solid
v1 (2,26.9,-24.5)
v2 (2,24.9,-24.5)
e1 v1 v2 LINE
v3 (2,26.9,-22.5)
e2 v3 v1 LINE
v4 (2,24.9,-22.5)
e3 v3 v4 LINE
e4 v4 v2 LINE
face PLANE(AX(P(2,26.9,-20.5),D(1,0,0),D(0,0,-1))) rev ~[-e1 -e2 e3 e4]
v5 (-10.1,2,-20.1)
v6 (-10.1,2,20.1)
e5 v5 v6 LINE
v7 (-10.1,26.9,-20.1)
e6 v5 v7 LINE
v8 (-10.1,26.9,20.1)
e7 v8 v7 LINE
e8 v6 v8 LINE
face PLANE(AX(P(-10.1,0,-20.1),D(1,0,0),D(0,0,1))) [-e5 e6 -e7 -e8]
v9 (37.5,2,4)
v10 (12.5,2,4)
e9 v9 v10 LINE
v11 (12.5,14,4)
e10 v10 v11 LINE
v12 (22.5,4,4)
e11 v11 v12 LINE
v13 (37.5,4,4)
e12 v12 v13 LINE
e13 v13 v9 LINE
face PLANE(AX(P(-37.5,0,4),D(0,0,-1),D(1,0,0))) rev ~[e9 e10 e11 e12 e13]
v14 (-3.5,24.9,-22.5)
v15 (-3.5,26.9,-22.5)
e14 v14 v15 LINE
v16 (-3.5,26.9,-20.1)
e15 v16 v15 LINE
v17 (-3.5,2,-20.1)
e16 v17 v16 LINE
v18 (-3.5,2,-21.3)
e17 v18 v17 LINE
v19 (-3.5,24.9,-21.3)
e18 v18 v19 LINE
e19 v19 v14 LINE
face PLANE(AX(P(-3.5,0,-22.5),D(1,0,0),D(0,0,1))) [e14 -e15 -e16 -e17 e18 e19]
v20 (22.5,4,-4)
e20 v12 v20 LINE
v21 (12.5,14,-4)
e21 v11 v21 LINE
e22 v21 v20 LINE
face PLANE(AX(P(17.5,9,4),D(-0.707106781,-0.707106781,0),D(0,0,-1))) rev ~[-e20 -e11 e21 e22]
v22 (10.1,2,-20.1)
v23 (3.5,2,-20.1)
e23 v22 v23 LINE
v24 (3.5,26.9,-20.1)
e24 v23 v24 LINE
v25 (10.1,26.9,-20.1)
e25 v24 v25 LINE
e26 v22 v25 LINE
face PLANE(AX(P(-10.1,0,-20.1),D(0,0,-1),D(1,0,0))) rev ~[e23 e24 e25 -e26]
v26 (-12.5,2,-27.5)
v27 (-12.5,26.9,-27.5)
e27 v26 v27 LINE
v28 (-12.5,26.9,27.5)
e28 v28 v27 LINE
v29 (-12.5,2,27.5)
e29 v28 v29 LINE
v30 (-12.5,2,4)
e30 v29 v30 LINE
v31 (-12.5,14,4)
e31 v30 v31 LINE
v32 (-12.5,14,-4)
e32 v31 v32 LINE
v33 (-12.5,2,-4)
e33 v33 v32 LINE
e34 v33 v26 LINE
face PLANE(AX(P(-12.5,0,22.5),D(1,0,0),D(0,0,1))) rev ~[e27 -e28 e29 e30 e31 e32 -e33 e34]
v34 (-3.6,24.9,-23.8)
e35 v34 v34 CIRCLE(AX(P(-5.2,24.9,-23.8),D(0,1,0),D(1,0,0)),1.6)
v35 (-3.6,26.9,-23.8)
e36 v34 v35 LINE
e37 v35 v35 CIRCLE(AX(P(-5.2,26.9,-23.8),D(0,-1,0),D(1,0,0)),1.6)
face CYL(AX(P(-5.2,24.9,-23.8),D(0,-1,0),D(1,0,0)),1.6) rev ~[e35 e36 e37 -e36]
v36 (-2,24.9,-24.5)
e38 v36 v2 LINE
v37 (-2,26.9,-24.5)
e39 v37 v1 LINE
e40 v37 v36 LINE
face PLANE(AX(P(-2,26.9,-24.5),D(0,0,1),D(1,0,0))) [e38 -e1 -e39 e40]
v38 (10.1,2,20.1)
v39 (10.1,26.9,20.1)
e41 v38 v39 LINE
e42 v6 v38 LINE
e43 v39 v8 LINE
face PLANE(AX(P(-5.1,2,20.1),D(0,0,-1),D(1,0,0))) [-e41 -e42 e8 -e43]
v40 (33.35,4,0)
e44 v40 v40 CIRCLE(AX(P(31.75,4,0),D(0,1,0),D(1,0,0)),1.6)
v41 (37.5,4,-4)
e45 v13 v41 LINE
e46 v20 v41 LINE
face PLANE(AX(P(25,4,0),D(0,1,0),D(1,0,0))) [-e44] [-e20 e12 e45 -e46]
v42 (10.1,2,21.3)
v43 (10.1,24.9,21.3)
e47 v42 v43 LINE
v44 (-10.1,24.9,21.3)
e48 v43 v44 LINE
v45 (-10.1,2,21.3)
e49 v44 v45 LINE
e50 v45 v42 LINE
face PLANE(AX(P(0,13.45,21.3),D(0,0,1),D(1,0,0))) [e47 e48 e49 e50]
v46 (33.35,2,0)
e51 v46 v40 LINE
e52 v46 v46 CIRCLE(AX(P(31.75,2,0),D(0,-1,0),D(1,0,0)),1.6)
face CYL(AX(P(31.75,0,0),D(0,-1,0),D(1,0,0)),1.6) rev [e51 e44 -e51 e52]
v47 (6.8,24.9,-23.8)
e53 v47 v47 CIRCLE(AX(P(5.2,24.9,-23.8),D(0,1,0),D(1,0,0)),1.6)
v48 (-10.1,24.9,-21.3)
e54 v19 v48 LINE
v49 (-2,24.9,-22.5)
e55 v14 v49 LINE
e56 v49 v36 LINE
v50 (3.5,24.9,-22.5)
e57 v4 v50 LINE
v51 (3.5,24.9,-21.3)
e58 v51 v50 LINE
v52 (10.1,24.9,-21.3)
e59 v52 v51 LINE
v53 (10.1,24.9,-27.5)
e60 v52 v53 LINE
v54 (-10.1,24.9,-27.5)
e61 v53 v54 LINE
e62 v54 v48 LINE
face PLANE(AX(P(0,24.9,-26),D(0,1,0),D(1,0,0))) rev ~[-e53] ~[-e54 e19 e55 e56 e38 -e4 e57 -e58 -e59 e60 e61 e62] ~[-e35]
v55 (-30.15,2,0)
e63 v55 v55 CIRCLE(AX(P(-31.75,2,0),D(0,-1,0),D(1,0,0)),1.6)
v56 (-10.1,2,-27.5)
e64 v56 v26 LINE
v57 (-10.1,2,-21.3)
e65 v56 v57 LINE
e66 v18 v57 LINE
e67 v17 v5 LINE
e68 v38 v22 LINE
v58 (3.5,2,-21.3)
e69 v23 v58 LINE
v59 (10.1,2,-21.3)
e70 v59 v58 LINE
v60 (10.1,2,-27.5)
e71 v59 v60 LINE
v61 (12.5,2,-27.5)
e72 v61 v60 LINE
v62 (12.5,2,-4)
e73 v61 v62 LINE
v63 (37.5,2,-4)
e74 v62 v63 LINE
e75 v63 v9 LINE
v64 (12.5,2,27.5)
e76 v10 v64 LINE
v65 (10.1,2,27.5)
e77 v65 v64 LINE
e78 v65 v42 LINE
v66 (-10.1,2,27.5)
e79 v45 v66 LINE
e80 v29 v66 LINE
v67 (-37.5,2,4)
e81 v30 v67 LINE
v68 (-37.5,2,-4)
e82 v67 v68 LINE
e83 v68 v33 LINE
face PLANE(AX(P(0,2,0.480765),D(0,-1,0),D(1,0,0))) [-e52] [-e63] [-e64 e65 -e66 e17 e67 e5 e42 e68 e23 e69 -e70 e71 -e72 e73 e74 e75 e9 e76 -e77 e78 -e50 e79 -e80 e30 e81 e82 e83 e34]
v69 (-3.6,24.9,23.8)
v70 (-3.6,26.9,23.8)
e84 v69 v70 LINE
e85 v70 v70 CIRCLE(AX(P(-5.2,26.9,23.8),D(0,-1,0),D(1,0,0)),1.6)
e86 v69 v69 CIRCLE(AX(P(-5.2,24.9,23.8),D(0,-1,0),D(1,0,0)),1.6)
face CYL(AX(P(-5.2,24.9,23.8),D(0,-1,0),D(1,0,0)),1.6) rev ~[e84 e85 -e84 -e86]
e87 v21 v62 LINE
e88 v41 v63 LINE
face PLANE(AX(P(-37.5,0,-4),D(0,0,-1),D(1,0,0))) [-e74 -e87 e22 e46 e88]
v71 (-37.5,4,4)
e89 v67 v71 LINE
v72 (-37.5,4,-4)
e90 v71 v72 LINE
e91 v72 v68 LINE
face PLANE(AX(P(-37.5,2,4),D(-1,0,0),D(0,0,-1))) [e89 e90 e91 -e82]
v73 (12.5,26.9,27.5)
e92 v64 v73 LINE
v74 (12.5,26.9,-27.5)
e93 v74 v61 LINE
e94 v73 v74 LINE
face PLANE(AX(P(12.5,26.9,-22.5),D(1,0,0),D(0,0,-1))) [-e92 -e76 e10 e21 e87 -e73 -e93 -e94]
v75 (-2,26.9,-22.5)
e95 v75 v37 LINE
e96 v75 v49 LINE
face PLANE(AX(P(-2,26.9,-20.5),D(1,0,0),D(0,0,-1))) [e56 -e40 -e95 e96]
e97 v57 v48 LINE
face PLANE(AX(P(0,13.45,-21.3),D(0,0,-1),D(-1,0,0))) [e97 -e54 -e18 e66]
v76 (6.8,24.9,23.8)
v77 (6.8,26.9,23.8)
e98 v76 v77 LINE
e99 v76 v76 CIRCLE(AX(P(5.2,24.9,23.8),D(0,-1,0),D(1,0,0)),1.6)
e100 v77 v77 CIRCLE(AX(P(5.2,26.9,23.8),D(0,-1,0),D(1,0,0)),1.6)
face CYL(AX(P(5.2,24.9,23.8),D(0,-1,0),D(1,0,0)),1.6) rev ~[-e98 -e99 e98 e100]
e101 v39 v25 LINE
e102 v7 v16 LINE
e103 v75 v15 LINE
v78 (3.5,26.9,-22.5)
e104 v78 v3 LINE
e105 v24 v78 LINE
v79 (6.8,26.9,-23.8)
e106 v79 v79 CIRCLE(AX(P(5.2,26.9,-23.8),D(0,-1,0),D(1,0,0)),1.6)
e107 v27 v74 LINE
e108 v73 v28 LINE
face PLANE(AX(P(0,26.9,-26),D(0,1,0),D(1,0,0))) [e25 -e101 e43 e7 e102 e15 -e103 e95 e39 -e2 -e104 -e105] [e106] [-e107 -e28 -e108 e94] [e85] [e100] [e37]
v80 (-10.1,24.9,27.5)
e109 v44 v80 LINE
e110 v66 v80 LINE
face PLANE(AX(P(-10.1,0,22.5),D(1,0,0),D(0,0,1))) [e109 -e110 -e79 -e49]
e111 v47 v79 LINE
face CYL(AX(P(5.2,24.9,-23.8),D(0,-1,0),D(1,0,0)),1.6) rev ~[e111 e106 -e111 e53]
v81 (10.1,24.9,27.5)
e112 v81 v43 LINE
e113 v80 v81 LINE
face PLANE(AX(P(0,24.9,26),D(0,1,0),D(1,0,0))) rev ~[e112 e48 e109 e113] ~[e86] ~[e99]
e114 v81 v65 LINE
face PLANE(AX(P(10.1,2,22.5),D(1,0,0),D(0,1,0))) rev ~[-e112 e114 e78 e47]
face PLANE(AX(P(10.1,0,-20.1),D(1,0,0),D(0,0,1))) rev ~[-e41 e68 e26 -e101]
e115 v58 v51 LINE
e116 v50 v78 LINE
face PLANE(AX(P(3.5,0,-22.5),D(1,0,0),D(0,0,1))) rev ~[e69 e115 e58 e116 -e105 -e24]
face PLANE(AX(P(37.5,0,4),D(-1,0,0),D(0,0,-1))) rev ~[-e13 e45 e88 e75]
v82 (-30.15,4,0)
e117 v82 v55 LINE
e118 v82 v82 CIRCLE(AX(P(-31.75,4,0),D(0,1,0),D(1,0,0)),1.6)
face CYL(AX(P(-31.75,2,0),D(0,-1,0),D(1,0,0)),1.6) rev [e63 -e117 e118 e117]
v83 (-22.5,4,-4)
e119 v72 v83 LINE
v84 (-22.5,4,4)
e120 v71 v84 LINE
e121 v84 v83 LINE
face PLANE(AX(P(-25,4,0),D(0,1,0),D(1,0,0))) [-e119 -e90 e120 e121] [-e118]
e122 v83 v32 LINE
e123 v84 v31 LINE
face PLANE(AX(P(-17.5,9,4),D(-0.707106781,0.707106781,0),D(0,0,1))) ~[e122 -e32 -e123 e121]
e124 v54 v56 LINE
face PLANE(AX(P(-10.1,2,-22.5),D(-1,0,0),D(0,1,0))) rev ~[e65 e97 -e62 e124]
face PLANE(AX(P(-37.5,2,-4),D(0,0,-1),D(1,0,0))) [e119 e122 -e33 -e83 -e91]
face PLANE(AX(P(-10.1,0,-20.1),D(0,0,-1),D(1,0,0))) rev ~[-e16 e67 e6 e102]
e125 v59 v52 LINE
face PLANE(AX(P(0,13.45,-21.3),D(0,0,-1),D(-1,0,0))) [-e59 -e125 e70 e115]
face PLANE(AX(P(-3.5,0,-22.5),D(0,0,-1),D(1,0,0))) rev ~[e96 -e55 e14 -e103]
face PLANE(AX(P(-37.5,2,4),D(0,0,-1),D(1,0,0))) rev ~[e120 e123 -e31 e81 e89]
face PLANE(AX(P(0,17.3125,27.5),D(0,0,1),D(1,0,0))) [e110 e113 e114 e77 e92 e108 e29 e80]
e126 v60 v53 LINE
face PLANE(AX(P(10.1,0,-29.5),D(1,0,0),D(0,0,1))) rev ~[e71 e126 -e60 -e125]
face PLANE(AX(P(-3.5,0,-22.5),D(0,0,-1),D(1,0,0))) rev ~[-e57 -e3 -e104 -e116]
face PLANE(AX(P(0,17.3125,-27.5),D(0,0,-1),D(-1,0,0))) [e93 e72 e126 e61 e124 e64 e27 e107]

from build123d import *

# Parameters (mm, degrees)
SKETCH2_W           = 75
SKETCH2_H           = 8
SKETCH2_R           = 1.6
BOSS_EXTRUDE1_DEPTH = 2
SKETCH3_W           = 25
SKETCH3_H           = 18.5
BOSS_EXTRUDE2_DEPTH = 2
SKETCH4_W           = 25
SKETCH4_H           = 2
BOSS_EXTRUDE3_DEPTH = 18.5
SKETCH5_W           = 10.2
SKETCH5_H           = 40.2
CUT_EXTRUDE1_DEPTH  = 18.5
SKETCH6_W           = 10.2
SKETCH6_H           = 40.2
BOSS_EXTRUDE4_DEPTH = 24.9
SKETCH8_W           = 25
SKETCH8_H           = 7
BOSS_EXTRUDE5_DEPTH = 2
SKETCH9_R           = 1.6
CUT_EXTRUDE2_DEPTH  = 2
SKETCH10_W          = 20.2
SKETCH10_H          = 40.2
CUT_EXTRUDE3_DEPTH  = 77
SKETCH11_W          = 7
SKETCH11_H          = 2.4
CUT_EXTRUDE4_DEPTH  = 77
SKETCH12_W          = 2.4
SKETCH12_H          = 7
BOSS_EXTRUDE6_DEPTH = 24.9
SKETCH13_W          = 4
SKETCH13_H          = 4
CUT_EXTRUDE5_DEPTH  = 77
SKETCH14_W          = 25
SKETCH14_H          = 8
SKETCH14_R          = 1.6
BOSS_EXTRUDE7_DEPTH = 2
CUT_EXTRUDE6_DEPTH  = 2
CHAMFER1_SIZE       = 10
CUT_EXTRUDE7_DEPTH  = 1.2
SKETCH17_W          = 20.2
SKETCH17_H          = 22.9
CUT_EXTRUDE8_DEPTH  = 1.2
CUT_EXTRUDE9_DEPTH  = 2
CUT_EXTRUDE10_DEPTH = 2


with BuildPart() as part:
    # Sketch2 → Boss-Extrude1 (new body)
    with BuildSketch(Plane(origin=(0, 0, 0), x_dir=(1, 0, 0), z_dir=(0, 1, 0))):
        Rectangle(SKETCH2_W, SKETCH2_H)
        with Locations((-31.75, 0)):
            Circle(SKETCH2_R, mode=Mode.SUBTRACT)
        with Locations((31.75, 0)):
            Circle(SKETCH2_R, mode=Mode.SUBTRACT)
    extrude(amount=BOSS_EXTRUDE1_DEPTH)

    # Sketch3 → Boss-Extrude2 (add)
    with BuildSketch(Plane(origin=(0, 2, 0), x_dir=(1, 0, 0), z_dir=(0, 1, 0))):
        with Locations((0, -13.25)):
            Rectangle(SKETCH3_W, SKETCH3_H)
    extrude(amount=-BOSS_EXTRUDE2_DEPTH)

    # Sketch4 → Boss-Extrude3 (add)
    with BuildSketch(Plane(origin=(0, 0, -4), x_dir=(-1, 0, 0), z_dir=(0, 0, -1))):
        with Locations((0, 1)):
            Rectangle(SKETCH4_W, SKETCH4_H)
    extrude(amount=BOSS_EXTRUDE3_DEPTH)

    # Sketch5 → Cut-Extrude1 (cut)
    with BuildSketch(Plane(origin=(0, 2, 0), x_dir=(1, 0, 0), z_dir=(0, 1, 0))):
        Rectangle(SKETCH5_W, SKETCH5_H)
    extrude(amount=-CUT_EXTRUDE1_DEPTH, mode=Mode.SUBTRACT)

    # Sketch6 → Boss-Extrude4 (add)
    with BuildSketch(Plane(origin=(0, 2, 0), x_dir=(1, 0, 0), z_dir=(0, 1, 0))):
        Polygon((-12.5, 4), (-12.5, -4), (-12.5, -22.5), (12.5, -22.5), (12.5, -4), (12.5, 4), (12.5, 22.5), (-12.5, 22.5), align=None)
        Rectangle(SKETCH6_W, SKETCH6_H, mode=Mode.SUBTRACT)
    extrude(amount=BOSS_EXTRUDE4_DEPTH)

    # Sketch8 → Boss-Extrude5 (add)
    with BuildSketch(Plane(origin=(0, 26.9, 0), x_dir=(1, 0, 0), z_dir=(0, 1, 0))):
        with Locations((0, 26)):
            Rectangle(SKETCH8_W, SKETCH8_H)
        with Locations((0, -26)):
            Rectangle(SKETCH8_W, SKETCH8_H)
    extrude(amount=-BOSS_EXTRUDE5_DEPTH)

    # Sketch9 → Cut-Extrude2 (cut)
    with BuildSketch(Plane.XZ.offset(-24.9)):
        with Locations((5.2, 23.8)):
            Circle(SKETCH9_R)
        with Locations((-5.2, 23.8)):
            Circle(SKETCH9_R)
        with Locations((-5.2, -23.8)):
            Circle(SKETCH9_R)
        with Locations((5.2, -23.8)):
            Circle(SKETCH9_R)
    extrude(amount=-CUT_EXTRUDE2_DEPTH, mode=Mode.SUBTRACT)

    # Sketch10 → Cut-Extrude3 (cut)
    with BuildSketch(Plane.XZ):
        Rectangle(SKETCH10_W, SKETCH10_H)
    extrude(amount=-CUT_EXTRUDE3_DEPTH, mode=Mode.SUBTRACT)

    # Sketch11 → Cut-Extrude4 (cut)
    with BuildSketch(Plane.XZ):
        with Locations((0, -21.3)):
            Rectangle(SKETCH11_W, SKETCH11_H)
    extrude(amount=-CUT_EXTRUDE4_DEPTH, mode=Mode.SUBTRACT)

    # Sketch12 → Boss-Extrude6 (add)
    with BuildSketch(Plane.XZ):
        with Locations((-11.3, 26)):
            Rectangle(SKETCH12_W, SKETCH12_H)
        with Locations((-11.3, -26)):
            Rectangle(SKETCH12_W, SKETCH12_H)
        with Locations((11.3, 26)):
            Rectangle(SKETCH12_W, SKETCH12_H)
        with Locations((11.3, -26)):
            Rectangle(SKETCH12_W, SKETCH12_H)
    extrude(amount=-BOSS_EXTRUDE6_DEPTH)

    # Sketch13 → Cut-Extrude5 (cut)
    with BuildSketch(Plane(origin=(0, 26.9, 0), x_dir=(1, 0, 0), z_dir=(0, 1, 0))):
        with Locations((0, 22.5)):
            Rectangle(SKETCH13_W, SKETCH13_H)
    extrude(amount=-CUT_EXTRUDE5_DEPTH, mode=Mode.SUBTRACT)

    # Sketch14 → Boss-Extrude7 (add)
    with BuildSketch(Plane(origin=(0, 2, 0), x_dir=(1, 0, 0), z_dir=(0, 1, 0))):
        with Locations((-25, 0)):
            Rectangle(SKETCH14_W, SKETCH14_H)
        with Locations((-31.75, 0)):
            Circle(SKETCH14_R, mode=Mode.SUBTRACT)
        with Locations((25, 0)):
            Rectangle(SKETCH14_W, SKETCH14_H)
        with Locations((31.75, 0)):
            Circle(SKETCH14_R, mode=Mode.SUBTRACT)
    extrude(amount=BOSS_EXTRUDE7_DEPTH)

    # Sketch15 → Cut-Extrude6 (cut)
    with BuildSketch(Plane.XZ):
        Polygon((10.1, -20.1), (3.5, -20.1), (3.5, -22.5), (10.1, -22.5), (10.1, -29.5), (12.5, -29.5), (12.5, -4), (37.5, -4), (37.5, 4), (12.5, 4), (12.5, 29.5), (10.1, 29.5), (10.1, 22.5), (-10.1, 22.5), (-10.1, 29.5), (-12.5, 29.5), (-12.5, 4), (-37.5, 4), (-37.5, -4), (-12.5, -4), (-12.5, -29.5), (-10.1, -29.5), (-10.1, -22.5), (-3.5, -22.5), (-3.5, -20.1), (-10.1, -20.1), (-10.1, 20.1), (10.1, 20.1), align=None)
    extrude(amount=-CUT_EXTRUDE6_DEPTH, mode=Mode.SUBTRACT)

    # Chamfer1
    chamfer1_edges = [part.edges().sort_by_distance(p)[0] for p in [
        (-12.5, 4, 0),
        (12.5, 4, 0),
    ]]
    chamfer(chamfer1_edges, length=CHAMFER1_SIZE)

    # Sketch16 → Cut-Extrude7 (cut)
    with BuildSketch(Plane.XY.offset(22.5)):
        Polygon((-10.1, 2), (10.1, 2), (10.1, 24.9), (6.132737905, 24.9), (4.267262095, 24.9), (-4.267262095, 24.9), (-6.132737905, 24.9), (-10.1, 24.9), align=None)
    extrude(amount=-CUT_EXTRUDE7_DEPTH, mode=Mode.SUBTRACT)

    # Sketch17 → Cut-Extrude8 (cut)
    with BuildSketch(Plane(origin=(0, 0, -22.5), x_dir=(-1, 0, 0), z_dir=(0, 0, -1))):
        with Locations((0, 13.45)):
            Rectangle(SKETCH17_W, SKETCH17_H)
    extrude(amount=-CUT_EXTRUDE8_DEPTH, mode=Mode.SUBTRACT)

    # Sketch18 → Cut-Extrude9 (cut)
    with BuildSketch(Plane(origin=(0, 0, -29.5), x_dir=(-1, 0, 0), z_dir=(0, 0, -1))):
        Polygon((10.1, 2), (12.5, 2), (12.5, 26.9), (-12.5, 26.9), (-12.5, 2), (-10.1, 2), (-10.1, 24.9), (10.1, 24.9), align=None)
    extrude(amount=-CUT_EXTRUDE9_DEPTH, mode=Mode.SUBTRACT)

    # Sketch19 → Cut-Extrude10 (cut)
    with BuildSketch(Plane.XY.offset(29.5)):
        Polygon((10.1, 2), (12.5, 2), (12.5, 26.9), (-12.5, 26.9), (-12.5, 2), (-10.1, 2), (-10.1, 24.9), (10.1, 24.9), align=None)
    extrude(amount=-CUT_EXTRUDE10_DEPTH, mode=Mode.SUBTRACT)


solid = part.part
